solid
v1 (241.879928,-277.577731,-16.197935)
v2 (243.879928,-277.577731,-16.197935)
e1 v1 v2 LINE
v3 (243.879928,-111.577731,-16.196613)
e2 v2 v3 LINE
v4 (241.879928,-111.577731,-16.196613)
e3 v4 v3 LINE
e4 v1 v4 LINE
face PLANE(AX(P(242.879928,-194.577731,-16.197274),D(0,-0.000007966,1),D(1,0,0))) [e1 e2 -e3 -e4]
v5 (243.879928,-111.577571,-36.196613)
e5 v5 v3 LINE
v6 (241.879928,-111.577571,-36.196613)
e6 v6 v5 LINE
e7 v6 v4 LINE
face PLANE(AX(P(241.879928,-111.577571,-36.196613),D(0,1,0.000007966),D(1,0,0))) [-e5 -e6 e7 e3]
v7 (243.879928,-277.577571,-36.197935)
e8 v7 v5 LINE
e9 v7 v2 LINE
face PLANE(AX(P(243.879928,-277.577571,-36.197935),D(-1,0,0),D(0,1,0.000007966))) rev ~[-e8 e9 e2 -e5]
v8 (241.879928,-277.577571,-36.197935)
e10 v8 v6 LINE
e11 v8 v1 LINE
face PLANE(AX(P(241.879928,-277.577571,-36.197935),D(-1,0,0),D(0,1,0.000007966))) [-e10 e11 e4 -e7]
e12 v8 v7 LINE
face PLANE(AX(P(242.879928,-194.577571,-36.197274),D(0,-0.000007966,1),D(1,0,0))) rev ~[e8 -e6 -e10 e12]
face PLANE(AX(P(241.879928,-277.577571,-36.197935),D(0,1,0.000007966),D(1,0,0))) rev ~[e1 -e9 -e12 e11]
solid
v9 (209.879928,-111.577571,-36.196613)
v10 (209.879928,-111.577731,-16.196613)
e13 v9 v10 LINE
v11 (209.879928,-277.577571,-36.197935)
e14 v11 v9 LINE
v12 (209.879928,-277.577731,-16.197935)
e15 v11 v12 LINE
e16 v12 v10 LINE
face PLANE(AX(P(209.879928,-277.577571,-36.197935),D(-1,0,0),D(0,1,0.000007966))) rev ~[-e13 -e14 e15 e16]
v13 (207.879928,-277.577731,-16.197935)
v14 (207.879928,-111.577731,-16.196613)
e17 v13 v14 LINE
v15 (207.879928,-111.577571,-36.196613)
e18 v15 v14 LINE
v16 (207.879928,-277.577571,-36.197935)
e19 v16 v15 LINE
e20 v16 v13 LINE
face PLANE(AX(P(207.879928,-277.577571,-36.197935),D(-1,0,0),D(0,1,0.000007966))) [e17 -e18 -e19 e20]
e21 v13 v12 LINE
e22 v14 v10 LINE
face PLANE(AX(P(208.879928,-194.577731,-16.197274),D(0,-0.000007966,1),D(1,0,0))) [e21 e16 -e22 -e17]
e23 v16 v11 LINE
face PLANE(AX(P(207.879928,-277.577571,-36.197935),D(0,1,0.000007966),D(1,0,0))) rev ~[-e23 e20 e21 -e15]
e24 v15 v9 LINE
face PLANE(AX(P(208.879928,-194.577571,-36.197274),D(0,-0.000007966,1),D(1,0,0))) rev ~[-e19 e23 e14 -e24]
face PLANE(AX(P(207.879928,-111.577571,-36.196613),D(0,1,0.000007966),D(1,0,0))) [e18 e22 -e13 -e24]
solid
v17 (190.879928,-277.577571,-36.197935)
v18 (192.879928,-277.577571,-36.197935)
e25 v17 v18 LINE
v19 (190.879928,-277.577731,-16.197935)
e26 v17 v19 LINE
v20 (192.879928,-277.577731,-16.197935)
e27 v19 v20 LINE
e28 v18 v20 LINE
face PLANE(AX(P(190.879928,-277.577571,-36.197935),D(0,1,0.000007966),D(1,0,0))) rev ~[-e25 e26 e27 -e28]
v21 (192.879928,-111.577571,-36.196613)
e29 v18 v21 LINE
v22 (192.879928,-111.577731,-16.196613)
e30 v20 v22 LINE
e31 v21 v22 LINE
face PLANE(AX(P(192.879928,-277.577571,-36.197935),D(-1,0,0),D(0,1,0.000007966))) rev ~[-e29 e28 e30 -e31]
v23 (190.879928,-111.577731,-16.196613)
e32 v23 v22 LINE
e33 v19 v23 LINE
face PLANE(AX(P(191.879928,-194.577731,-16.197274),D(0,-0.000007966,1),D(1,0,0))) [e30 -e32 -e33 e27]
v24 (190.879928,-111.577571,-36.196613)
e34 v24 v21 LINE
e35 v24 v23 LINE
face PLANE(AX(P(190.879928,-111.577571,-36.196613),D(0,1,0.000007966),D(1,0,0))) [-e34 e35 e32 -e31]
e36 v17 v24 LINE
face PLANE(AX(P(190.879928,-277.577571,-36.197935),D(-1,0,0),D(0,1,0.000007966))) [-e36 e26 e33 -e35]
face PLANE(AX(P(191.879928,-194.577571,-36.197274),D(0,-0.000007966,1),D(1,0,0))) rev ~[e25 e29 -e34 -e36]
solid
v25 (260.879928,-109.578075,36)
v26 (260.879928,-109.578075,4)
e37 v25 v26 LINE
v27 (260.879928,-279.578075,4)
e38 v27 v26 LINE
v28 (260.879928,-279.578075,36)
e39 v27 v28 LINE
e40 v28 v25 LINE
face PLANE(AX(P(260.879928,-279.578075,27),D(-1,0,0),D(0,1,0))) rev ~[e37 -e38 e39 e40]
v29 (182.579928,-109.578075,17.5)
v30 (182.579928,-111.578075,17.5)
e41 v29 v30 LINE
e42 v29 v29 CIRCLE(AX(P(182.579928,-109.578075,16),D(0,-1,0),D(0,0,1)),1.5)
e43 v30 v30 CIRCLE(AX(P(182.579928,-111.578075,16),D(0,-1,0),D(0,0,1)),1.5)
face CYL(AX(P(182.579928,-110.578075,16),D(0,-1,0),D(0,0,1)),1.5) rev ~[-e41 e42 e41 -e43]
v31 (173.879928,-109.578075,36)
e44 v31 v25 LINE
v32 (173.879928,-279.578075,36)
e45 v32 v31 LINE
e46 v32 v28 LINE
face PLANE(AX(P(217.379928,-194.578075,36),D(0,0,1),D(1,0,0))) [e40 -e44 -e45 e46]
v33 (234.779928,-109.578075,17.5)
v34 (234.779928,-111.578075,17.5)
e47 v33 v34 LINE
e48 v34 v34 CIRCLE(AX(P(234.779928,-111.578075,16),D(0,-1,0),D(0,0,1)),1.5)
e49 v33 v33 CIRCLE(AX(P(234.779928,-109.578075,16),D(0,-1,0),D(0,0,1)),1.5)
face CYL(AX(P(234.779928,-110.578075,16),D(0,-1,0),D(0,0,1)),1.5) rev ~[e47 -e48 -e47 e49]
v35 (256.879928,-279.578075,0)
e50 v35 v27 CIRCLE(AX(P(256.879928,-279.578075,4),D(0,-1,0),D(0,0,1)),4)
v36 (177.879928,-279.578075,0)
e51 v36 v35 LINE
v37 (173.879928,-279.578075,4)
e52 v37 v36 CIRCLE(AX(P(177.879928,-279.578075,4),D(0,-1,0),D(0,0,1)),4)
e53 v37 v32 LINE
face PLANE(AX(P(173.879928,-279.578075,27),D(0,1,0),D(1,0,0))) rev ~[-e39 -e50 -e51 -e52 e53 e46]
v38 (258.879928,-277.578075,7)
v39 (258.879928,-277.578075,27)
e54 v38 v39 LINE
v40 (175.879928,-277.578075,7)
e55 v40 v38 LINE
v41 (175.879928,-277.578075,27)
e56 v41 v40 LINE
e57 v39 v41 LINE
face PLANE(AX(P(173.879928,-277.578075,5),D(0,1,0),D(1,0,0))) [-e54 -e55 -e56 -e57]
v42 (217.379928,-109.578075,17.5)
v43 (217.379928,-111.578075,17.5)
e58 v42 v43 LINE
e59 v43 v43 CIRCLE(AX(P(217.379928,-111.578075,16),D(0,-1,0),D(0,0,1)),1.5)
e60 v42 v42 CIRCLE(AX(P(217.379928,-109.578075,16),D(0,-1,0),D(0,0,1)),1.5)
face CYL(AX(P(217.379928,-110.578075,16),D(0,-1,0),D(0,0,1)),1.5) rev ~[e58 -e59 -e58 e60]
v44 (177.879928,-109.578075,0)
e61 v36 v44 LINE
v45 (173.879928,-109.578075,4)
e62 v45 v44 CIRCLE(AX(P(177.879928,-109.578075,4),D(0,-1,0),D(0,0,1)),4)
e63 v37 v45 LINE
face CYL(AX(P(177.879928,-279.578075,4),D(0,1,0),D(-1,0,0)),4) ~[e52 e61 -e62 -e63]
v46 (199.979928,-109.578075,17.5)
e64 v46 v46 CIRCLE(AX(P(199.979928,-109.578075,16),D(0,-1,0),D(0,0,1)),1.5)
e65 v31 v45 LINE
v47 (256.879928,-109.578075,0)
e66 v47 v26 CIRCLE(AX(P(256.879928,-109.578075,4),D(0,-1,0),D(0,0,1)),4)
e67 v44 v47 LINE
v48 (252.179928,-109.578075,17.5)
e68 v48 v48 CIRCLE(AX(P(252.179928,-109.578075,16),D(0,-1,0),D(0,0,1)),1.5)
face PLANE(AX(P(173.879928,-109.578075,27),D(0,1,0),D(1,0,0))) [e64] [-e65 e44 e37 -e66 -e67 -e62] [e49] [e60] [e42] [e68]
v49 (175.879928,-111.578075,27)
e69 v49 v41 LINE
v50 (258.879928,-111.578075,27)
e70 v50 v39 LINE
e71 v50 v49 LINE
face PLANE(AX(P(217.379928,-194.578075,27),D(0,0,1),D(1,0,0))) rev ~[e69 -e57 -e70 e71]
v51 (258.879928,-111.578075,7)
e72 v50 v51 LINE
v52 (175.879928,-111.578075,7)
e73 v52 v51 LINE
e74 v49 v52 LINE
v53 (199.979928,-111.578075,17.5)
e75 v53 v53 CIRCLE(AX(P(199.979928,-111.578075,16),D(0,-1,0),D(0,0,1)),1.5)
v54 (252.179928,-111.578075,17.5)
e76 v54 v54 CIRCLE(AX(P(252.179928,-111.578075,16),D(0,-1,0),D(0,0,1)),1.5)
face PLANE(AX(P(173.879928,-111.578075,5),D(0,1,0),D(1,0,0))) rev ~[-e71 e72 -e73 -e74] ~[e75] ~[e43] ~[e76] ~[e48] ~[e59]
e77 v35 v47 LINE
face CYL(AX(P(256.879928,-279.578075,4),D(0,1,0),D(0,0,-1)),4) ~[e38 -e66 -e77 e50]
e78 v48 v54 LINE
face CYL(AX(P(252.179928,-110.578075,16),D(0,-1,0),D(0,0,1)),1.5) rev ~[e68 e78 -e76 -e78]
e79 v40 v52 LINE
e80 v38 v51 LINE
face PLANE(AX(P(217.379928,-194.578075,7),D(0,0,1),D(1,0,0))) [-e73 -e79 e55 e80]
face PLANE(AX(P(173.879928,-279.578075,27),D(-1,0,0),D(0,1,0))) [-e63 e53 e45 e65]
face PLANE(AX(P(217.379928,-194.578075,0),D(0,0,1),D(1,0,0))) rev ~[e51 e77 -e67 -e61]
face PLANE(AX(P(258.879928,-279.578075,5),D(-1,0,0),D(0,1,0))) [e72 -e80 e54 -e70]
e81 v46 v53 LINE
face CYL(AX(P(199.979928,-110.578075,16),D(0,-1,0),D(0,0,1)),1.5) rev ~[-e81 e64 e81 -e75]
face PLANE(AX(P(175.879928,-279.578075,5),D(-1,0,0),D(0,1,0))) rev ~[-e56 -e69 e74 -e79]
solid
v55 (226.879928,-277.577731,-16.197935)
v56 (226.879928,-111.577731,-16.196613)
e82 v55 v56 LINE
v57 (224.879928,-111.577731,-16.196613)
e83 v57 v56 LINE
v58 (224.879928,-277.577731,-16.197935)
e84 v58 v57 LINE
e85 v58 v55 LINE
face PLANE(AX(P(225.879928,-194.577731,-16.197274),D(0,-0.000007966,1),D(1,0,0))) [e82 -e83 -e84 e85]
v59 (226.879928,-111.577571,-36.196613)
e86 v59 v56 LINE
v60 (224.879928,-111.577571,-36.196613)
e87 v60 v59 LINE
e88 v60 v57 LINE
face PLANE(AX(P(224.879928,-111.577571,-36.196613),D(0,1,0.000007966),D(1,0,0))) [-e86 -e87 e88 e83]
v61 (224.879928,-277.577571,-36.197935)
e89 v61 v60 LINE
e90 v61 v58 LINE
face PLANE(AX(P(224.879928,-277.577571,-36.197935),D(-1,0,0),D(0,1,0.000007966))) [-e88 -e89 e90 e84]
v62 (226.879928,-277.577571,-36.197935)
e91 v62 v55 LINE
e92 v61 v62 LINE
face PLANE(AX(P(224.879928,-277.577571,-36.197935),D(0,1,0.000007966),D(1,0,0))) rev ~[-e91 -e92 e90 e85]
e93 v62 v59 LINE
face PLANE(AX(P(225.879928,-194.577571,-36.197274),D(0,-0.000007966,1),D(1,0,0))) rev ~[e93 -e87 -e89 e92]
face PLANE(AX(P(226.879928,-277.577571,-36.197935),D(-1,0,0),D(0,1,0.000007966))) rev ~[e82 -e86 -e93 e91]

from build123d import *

# Parameters (mm, degrees)
SKETCH1_W                      = 87
SKETCH1_H                      = 170
BOSS_EXTRUDE1_DEPTH            = 22
SHELL1_T                       = -2
SKETCH2_W                      = 2
SKETCH2_H                      = 165.999999995
EXTRUDE_THIN2_DEPTH            = 20
EXTRUDE_THIN2_2_DEPTH          = 20
EXTRUDE_THIN2_3_DEPTH          = 20
EXTRUDE_THIN2_4_DEPTH          = 20
SKETCH5_W                      = 1.5
SKETCH5_H                      = 2
F_3_0MM_DOWEL_HOLE1_AT_2_COUNT = 2
F_3_0MM_DOWEL_HOLE1_AT_2_PITCH = 17.4
F_3_0MM_DOWEL_HOLE1_AT_3_COUNT = 2
F_3_0MM_DOWEL_HOLE1_AT_3_PITCH = 34.8
F_3_0MM_DOWEL_HOLE1_AT_4_COUNT = 2
F_3_0MM_DOWEL_HOLE1_AT_4_PITCH = 52.2
F_3_0MM_DOWEL_HOLE1_AT_5_COUNT = 2
F_3_0MM_DOWEL_HOLE1_AT_5_PITCH = 69.6
SKETCH7_W                      = 87
SKETCH7_H                      = 170
BOSS_EXTRUDE2_DEPTH            = 5
FILLET1_R                      = 4
SKETCH6_W                      = 87
SKETCH6_H                      = 170
BOSS_EXTRUDE3_DEPTH            = 9


with BuildPart() as part:
    # Sketch1 → Boss-Extrude1 (new body)
    with BuildSketch(Plane.XY.offset(5)):
        with Locations((217.379927846, -194.578074772)):
            Rectangle(SKETCH1_W, SKETCH1_H)
    extrude(amount=BOSS_EXTRUDE1_DEPTH)

    # Shell1
    shell1_openings = [part.faces().sort_by_distance(p)[0] for p in [
        (217.379927846, -194.578074772, 27),
    ]]
    offset(amount=SHELL1_T, openings=shell1_openings, kind=Kind.INTERSECTION)

    # Sketch5 → Ø3.0mm Dowel Hole1 (revolve, cut)
    with BuildSketch(Plane(origin=(182.579927846, -109.578074772, 16), x_dir=(0, 0, 1), z_dir=(1, 0, 0))):
        with Locations((0.75, 1)):
            Rectangle(SKETCH5_W, SKETCH5_H)
    f_3_0mm_dowel_hole1 = revolve(axis=Axis((182.579927846, -103.228074772, 16), (0, -1, 0)), mode=Mode.SUBTRACT)

    # Ø3.0mm Dowel Hole1 at 2: Ø3.0mm Dowel Hole1 ×2
    with Locations(*[(i * F_3_0MM_DOWEL_HOLE1_AT_2_PITCH, 0, 0) for i in range(1, F_3_0MM_DOWEL_HOLE1_AT_2_COUNT)]):
        add(f_3_0mm_dowel_hole1, mode=Mode.SUBTRACT)

    # Ø3.0mm Dowel Hole1 at 3: Ø3.0mm Dowel Hole1 ×2
    with Locations(*[(i * F_3_0MM_DOWEL_HOLE1_AT_3_PITCH, 0, 0) for i in range(1, F_3_0MM_DOWEL_HOLE1_AT_3_COUNT)]):
        add(f_3_0mm_dowel_hole1, mode=Mode.SUBTRACT)

    # Ø3.0mm Dowel Hole1 at 4: Ø3.0mm Dowel Hole1 ×2
    with Locations(*[(i * F_3_0MM_DOWEL_HOLE1_AT_4_PITCH, 0, 0) for i in range(1, F_3_0MM_DOWEL_HOLE1_AT_4_COUNT)]):
        add(f_3_0mm_dowel_hole1, mode=Mode.SUBTRACT)

    # Ø3.0mm Dowel Hole1 at 5: Ø3.0mm Dowel Hole1 ×2
    with Locations(*[(i * F_3_0MM_DOWEL_HOLE1_AT_5_PITCH, 0, 0) for i in range(1, F_3_0MM_DOWEL_HOLE1_AT_5_COUNT)]):
        add(f_3_0mm_dowel_hole1, mode=Mode.SUBTRACT)

    # Sketch7 → Boss-Extrude2 (add)
    with BuildSketch(Plane.XY):
        with Locations((217.379927846, -194.578074772)):
            Rectangle(SKETCH7_W, SKETCH7_H)
    extrude(amount=BOSS_EXTRUDE2_DEPTH)

    # Fillet1
    fillet1_edges = [part.edges().sort_by_distance(p)[0] for p in [
        (173.879927846, -194.578074772, 0),
        (260.879927846, -194.578074772, 0),
    ]]
    fillet(fillet1_edges, radius=FILLET1_R)

    # Sketch6 → Boss-Extrude3 (add)
    with BuildSketch(Plane.XY.offset(27)):
        with Locations((217.379927846, -194.578074772)):
            Rectangle(SKETCH6_W, SKETCH6_H)
    extrude(amount=BOSS_EXTRUDE3_DEPTH)


with BuildPart() as body_2:
    # Sketch2 → Extrude-Thin2 (new body)
    with BuildSketch(Plane(origin=(0, 0.00031469, -36.195723728), x_dir=(1, 0, 0), z_dir=(0, -7.966e-06, 1))):
        with Locations((191.879927846, -194.577886062)):
            Rectangle(SKETCH2_W, SKETCH2_H)
    extrude(amount=EXTRUDE_THIN2_DEPTH)


with BuildPart() as body_3:
    # Sketch2 → Extrude-Thin2 2 (new body)
    with BuildSketch(Plane(origin=(0, 0.00031469, -36.195723728), x_dir=(1, 0, 0), z_dir=(0, -7.966e-06, 1))):
        with Locations((208.879927846, -194.577886062)):
            Rectangle(SKETCH2_W, SKETCH2_H)
    extrude(amount=EXTRUDE_THIN2_2_DEPTH)


with BuildPart() as body_4:
    # Sketch2 → Extrude-Thin2 3 (new body)
    with BuildSketch(Plane(origin=(0, 0.00031469, -36.195723728), x_dir=(1, 0, 0), z_dir=(0, -7.966e-06, 1))):
        with Locations((225.879927846, -194.577886062)):
            Rectangle(SKETCH2_W, SKETCH2_H)
    extrude(amount=EXTRUDE_THIN2_3_DEPTH)


with BuildPart() as body_5:
    # Sketch2 → Extrude-Thin2 4 (new body)
    with BuildSketch(Plane(origin=(0, 0.00031469, -36.195723728), x_dir=(1, 0, 0), z_dir=(0, -7.966e-06, 1))):
        with Locations((242.879927846, -194.577886062)):
            Rectangle(SKETCH2_W, SKETCH2_H)
    extrude(amount=EXTRUDE_THIN2_4_DEPTH)


solid = Compound([part.part, body_2.part, body_3.part, body_4.part, body_5.part])
